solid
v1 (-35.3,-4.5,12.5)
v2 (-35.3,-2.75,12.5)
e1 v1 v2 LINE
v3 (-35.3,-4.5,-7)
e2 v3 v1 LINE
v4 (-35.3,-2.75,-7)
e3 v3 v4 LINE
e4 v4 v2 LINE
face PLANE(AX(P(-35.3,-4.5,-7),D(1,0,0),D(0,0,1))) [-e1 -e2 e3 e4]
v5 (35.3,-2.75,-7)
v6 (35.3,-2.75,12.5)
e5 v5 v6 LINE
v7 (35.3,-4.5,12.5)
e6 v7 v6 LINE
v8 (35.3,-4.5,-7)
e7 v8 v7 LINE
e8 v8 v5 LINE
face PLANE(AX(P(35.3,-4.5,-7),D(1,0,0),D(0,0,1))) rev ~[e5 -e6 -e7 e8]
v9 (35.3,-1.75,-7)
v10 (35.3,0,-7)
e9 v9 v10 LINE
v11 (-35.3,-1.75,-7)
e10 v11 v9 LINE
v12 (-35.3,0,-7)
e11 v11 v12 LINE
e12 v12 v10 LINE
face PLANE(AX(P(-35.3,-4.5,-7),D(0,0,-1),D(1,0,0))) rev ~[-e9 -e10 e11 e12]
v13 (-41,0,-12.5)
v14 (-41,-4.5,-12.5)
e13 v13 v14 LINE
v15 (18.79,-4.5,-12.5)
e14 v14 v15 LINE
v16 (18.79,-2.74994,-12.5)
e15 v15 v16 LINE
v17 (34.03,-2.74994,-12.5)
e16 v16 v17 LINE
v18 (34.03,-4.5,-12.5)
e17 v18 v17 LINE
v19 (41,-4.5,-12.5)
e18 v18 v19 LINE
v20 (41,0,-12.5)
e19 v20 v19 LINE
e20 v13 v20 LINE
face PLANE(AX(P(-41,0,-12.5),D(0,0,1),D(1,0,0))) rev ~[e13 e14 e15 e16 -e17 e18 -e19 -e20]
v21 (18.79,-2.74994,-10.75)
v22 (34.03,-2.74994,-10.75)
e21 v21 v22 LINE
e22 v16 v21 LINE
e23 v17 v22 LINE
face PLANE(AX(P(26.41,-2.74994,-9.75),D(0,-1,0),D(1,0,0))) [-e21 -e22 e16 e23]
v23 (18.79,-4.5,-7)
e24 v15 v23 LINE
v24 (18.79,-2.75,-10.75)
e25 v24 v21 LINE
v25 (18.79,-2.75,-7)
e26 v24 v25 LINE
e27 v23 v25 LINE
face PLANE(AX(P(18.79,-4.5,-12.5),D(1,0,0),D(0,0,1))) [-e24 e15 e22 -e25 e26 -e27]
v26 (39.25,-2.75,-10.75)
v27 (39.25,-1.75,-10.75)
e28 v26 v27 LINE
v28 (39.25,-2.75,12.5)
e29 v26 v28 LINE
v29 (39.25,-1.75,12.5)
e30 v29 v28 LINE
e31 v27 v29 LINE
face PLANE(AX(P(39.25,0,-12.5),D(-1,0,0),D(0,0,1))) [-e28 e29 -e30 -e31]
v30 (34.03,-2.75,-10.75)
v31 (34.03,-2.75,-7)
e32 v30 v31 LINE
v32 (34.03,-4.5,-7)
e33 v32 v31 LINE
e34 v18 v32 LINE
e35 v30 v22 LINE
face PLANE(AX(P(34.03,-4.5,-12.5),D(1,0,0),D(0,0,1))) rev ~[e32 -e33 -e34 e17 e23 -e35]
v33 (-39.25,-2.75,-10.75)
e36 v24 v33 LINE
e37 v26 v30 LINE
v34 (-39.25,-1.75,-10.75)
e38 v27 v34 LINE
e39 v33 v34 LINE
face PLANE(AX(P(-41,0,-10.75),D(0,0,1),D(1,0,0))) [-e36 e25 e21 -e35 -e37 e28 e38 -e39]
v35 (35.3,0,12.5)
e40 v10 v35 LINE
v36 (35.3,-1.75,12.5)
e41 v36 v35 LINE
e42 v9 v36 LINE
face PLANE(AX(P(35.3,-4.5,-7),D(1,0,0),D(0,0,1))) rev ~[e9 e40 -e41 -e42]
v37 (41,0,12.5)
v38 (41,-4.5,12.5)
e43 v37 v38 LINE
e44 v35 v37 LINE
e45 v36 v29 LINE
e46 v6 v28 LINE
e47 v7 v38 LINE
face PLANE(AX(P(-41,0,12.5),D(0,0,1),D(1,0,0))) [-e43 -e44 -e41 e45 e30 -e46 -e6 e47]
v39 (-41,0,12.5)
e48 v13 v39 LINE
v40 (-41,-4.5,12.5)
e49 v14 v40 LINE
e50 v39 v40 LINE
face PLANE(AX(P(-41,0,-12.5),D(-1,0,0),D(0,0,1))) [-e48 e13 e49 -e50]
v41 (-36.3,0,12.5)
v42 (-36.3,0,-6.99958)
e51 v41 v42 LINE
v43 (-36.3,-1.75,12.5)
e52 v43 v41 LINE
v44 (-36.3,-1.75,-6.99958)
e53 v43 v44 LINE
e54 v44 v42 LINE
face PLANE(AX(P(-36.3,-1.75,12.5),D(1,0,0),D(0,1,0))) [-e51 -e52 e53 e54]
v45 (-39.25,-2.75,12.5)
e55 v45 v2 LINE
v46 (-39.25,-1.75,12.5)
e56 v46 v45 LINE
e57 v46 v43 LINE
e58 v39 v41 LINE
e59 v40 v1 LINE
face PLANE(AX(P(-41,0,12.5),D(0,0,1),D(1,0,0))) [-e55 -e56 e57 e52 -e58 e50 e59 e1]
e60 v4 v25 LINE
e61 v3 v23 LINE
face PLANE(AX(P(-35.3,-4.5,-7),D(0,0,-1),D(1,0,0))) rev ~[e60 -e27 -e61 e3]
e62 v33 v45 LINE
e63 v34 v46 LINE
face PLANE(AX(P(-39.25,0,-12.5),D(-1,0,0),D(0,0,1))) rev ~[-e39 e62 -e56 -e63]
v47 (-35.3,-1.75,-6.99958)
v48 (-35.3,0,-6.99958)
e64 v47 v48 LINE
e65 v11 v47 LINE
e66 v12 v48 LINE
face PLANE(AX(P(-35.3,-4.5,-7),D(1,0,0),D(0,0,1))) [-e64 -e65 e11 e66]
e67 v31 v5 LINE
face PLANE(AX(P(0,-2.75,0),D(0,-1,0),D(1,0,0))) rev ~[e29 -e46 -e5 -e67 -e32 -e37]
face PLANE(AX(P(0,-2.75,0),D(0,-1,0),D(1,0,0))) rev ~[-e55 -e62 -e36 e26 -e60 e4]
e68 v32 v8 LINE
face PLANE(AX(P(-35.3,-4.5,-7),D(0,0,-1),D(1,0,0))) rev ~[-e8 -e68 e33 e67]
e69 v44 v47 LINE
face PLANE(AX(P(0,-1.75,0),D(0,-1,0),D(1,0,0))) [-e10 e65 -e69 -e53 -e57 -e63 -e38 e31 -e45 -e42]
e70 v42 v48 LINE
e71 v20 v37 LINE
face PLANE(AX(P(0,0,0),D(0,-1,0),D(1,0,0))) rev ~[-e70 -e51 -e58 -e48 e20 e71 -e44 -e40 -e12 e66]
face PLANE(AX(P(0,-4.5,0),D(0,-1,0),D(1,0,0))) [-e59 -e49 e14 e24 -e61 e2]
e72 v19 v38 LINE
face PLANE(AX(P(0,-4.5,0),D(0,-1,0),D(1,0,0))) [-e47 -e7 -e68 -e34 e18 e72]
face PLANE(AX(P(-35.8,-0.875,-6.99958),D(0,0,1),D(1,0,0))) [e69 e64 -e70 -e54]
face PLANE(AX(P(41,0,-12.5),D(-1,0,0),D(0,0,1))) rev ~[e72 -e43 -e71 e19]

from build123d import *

# Parameters (mm, degrees)
F0_W     = 82
F0_H     = 25
F1_DEPTH = 4.5
F2_T     = -1.75
F3_W     = 70.6
F3_H     = 19.5
F4_DEPTH = 50.8
F5_W     = 1
F5_H     = 1.75
F6_DEPTH = 19.49958
F7_W     = 15.24
F7_H     = 5.5
F8_DEPTH = 1.75006


with BuildPart() as f1:
    # F0 (on Front) → F1 (new body)
    with BuildSketch(Plane.XZ):
        Rectangle(F0_W, F0_H)
    extrude(amount=F1_DEPTH)

    # F2
    f2_openings = [f1.faces().sort_by_distance(p)[0] for p in [
        (0, -2.25, 12.5),
    ]]
    offset(amount=F2_T, openings=f2_openings)

    # F3 (on face) → F4 (cut)
    with BuildSketch(Plane.XZ.offset(4.5)):
        with Locations((0, 2.75)):
            Rectangle(F3_W, F3_H)
    extrude(amount=-F4_DEPTH, mode=Mode.SUBTRACT)

    # F5 (on face) → F6 (cut)
    with BuildSketch(Plane.XY.offset(12.5)):
        with Locations((-35.8, -0.875)):
            Rectangle(F5_W, F5_H)
    extrude(amount=-F6_DEPTH, mode=Mode.SUBTRACT)

    # F7 (on face) → F8 (cut)
    with BuildSketch(Plane.XZ.offset(4.5)):
        with Locations((26.41, -9.75)):
            Rectangle(F7_W, F7_H)
    extrude(amount=-F8_DEPTH, mode=Mode.SUBTRACT)


solid = f1.part
